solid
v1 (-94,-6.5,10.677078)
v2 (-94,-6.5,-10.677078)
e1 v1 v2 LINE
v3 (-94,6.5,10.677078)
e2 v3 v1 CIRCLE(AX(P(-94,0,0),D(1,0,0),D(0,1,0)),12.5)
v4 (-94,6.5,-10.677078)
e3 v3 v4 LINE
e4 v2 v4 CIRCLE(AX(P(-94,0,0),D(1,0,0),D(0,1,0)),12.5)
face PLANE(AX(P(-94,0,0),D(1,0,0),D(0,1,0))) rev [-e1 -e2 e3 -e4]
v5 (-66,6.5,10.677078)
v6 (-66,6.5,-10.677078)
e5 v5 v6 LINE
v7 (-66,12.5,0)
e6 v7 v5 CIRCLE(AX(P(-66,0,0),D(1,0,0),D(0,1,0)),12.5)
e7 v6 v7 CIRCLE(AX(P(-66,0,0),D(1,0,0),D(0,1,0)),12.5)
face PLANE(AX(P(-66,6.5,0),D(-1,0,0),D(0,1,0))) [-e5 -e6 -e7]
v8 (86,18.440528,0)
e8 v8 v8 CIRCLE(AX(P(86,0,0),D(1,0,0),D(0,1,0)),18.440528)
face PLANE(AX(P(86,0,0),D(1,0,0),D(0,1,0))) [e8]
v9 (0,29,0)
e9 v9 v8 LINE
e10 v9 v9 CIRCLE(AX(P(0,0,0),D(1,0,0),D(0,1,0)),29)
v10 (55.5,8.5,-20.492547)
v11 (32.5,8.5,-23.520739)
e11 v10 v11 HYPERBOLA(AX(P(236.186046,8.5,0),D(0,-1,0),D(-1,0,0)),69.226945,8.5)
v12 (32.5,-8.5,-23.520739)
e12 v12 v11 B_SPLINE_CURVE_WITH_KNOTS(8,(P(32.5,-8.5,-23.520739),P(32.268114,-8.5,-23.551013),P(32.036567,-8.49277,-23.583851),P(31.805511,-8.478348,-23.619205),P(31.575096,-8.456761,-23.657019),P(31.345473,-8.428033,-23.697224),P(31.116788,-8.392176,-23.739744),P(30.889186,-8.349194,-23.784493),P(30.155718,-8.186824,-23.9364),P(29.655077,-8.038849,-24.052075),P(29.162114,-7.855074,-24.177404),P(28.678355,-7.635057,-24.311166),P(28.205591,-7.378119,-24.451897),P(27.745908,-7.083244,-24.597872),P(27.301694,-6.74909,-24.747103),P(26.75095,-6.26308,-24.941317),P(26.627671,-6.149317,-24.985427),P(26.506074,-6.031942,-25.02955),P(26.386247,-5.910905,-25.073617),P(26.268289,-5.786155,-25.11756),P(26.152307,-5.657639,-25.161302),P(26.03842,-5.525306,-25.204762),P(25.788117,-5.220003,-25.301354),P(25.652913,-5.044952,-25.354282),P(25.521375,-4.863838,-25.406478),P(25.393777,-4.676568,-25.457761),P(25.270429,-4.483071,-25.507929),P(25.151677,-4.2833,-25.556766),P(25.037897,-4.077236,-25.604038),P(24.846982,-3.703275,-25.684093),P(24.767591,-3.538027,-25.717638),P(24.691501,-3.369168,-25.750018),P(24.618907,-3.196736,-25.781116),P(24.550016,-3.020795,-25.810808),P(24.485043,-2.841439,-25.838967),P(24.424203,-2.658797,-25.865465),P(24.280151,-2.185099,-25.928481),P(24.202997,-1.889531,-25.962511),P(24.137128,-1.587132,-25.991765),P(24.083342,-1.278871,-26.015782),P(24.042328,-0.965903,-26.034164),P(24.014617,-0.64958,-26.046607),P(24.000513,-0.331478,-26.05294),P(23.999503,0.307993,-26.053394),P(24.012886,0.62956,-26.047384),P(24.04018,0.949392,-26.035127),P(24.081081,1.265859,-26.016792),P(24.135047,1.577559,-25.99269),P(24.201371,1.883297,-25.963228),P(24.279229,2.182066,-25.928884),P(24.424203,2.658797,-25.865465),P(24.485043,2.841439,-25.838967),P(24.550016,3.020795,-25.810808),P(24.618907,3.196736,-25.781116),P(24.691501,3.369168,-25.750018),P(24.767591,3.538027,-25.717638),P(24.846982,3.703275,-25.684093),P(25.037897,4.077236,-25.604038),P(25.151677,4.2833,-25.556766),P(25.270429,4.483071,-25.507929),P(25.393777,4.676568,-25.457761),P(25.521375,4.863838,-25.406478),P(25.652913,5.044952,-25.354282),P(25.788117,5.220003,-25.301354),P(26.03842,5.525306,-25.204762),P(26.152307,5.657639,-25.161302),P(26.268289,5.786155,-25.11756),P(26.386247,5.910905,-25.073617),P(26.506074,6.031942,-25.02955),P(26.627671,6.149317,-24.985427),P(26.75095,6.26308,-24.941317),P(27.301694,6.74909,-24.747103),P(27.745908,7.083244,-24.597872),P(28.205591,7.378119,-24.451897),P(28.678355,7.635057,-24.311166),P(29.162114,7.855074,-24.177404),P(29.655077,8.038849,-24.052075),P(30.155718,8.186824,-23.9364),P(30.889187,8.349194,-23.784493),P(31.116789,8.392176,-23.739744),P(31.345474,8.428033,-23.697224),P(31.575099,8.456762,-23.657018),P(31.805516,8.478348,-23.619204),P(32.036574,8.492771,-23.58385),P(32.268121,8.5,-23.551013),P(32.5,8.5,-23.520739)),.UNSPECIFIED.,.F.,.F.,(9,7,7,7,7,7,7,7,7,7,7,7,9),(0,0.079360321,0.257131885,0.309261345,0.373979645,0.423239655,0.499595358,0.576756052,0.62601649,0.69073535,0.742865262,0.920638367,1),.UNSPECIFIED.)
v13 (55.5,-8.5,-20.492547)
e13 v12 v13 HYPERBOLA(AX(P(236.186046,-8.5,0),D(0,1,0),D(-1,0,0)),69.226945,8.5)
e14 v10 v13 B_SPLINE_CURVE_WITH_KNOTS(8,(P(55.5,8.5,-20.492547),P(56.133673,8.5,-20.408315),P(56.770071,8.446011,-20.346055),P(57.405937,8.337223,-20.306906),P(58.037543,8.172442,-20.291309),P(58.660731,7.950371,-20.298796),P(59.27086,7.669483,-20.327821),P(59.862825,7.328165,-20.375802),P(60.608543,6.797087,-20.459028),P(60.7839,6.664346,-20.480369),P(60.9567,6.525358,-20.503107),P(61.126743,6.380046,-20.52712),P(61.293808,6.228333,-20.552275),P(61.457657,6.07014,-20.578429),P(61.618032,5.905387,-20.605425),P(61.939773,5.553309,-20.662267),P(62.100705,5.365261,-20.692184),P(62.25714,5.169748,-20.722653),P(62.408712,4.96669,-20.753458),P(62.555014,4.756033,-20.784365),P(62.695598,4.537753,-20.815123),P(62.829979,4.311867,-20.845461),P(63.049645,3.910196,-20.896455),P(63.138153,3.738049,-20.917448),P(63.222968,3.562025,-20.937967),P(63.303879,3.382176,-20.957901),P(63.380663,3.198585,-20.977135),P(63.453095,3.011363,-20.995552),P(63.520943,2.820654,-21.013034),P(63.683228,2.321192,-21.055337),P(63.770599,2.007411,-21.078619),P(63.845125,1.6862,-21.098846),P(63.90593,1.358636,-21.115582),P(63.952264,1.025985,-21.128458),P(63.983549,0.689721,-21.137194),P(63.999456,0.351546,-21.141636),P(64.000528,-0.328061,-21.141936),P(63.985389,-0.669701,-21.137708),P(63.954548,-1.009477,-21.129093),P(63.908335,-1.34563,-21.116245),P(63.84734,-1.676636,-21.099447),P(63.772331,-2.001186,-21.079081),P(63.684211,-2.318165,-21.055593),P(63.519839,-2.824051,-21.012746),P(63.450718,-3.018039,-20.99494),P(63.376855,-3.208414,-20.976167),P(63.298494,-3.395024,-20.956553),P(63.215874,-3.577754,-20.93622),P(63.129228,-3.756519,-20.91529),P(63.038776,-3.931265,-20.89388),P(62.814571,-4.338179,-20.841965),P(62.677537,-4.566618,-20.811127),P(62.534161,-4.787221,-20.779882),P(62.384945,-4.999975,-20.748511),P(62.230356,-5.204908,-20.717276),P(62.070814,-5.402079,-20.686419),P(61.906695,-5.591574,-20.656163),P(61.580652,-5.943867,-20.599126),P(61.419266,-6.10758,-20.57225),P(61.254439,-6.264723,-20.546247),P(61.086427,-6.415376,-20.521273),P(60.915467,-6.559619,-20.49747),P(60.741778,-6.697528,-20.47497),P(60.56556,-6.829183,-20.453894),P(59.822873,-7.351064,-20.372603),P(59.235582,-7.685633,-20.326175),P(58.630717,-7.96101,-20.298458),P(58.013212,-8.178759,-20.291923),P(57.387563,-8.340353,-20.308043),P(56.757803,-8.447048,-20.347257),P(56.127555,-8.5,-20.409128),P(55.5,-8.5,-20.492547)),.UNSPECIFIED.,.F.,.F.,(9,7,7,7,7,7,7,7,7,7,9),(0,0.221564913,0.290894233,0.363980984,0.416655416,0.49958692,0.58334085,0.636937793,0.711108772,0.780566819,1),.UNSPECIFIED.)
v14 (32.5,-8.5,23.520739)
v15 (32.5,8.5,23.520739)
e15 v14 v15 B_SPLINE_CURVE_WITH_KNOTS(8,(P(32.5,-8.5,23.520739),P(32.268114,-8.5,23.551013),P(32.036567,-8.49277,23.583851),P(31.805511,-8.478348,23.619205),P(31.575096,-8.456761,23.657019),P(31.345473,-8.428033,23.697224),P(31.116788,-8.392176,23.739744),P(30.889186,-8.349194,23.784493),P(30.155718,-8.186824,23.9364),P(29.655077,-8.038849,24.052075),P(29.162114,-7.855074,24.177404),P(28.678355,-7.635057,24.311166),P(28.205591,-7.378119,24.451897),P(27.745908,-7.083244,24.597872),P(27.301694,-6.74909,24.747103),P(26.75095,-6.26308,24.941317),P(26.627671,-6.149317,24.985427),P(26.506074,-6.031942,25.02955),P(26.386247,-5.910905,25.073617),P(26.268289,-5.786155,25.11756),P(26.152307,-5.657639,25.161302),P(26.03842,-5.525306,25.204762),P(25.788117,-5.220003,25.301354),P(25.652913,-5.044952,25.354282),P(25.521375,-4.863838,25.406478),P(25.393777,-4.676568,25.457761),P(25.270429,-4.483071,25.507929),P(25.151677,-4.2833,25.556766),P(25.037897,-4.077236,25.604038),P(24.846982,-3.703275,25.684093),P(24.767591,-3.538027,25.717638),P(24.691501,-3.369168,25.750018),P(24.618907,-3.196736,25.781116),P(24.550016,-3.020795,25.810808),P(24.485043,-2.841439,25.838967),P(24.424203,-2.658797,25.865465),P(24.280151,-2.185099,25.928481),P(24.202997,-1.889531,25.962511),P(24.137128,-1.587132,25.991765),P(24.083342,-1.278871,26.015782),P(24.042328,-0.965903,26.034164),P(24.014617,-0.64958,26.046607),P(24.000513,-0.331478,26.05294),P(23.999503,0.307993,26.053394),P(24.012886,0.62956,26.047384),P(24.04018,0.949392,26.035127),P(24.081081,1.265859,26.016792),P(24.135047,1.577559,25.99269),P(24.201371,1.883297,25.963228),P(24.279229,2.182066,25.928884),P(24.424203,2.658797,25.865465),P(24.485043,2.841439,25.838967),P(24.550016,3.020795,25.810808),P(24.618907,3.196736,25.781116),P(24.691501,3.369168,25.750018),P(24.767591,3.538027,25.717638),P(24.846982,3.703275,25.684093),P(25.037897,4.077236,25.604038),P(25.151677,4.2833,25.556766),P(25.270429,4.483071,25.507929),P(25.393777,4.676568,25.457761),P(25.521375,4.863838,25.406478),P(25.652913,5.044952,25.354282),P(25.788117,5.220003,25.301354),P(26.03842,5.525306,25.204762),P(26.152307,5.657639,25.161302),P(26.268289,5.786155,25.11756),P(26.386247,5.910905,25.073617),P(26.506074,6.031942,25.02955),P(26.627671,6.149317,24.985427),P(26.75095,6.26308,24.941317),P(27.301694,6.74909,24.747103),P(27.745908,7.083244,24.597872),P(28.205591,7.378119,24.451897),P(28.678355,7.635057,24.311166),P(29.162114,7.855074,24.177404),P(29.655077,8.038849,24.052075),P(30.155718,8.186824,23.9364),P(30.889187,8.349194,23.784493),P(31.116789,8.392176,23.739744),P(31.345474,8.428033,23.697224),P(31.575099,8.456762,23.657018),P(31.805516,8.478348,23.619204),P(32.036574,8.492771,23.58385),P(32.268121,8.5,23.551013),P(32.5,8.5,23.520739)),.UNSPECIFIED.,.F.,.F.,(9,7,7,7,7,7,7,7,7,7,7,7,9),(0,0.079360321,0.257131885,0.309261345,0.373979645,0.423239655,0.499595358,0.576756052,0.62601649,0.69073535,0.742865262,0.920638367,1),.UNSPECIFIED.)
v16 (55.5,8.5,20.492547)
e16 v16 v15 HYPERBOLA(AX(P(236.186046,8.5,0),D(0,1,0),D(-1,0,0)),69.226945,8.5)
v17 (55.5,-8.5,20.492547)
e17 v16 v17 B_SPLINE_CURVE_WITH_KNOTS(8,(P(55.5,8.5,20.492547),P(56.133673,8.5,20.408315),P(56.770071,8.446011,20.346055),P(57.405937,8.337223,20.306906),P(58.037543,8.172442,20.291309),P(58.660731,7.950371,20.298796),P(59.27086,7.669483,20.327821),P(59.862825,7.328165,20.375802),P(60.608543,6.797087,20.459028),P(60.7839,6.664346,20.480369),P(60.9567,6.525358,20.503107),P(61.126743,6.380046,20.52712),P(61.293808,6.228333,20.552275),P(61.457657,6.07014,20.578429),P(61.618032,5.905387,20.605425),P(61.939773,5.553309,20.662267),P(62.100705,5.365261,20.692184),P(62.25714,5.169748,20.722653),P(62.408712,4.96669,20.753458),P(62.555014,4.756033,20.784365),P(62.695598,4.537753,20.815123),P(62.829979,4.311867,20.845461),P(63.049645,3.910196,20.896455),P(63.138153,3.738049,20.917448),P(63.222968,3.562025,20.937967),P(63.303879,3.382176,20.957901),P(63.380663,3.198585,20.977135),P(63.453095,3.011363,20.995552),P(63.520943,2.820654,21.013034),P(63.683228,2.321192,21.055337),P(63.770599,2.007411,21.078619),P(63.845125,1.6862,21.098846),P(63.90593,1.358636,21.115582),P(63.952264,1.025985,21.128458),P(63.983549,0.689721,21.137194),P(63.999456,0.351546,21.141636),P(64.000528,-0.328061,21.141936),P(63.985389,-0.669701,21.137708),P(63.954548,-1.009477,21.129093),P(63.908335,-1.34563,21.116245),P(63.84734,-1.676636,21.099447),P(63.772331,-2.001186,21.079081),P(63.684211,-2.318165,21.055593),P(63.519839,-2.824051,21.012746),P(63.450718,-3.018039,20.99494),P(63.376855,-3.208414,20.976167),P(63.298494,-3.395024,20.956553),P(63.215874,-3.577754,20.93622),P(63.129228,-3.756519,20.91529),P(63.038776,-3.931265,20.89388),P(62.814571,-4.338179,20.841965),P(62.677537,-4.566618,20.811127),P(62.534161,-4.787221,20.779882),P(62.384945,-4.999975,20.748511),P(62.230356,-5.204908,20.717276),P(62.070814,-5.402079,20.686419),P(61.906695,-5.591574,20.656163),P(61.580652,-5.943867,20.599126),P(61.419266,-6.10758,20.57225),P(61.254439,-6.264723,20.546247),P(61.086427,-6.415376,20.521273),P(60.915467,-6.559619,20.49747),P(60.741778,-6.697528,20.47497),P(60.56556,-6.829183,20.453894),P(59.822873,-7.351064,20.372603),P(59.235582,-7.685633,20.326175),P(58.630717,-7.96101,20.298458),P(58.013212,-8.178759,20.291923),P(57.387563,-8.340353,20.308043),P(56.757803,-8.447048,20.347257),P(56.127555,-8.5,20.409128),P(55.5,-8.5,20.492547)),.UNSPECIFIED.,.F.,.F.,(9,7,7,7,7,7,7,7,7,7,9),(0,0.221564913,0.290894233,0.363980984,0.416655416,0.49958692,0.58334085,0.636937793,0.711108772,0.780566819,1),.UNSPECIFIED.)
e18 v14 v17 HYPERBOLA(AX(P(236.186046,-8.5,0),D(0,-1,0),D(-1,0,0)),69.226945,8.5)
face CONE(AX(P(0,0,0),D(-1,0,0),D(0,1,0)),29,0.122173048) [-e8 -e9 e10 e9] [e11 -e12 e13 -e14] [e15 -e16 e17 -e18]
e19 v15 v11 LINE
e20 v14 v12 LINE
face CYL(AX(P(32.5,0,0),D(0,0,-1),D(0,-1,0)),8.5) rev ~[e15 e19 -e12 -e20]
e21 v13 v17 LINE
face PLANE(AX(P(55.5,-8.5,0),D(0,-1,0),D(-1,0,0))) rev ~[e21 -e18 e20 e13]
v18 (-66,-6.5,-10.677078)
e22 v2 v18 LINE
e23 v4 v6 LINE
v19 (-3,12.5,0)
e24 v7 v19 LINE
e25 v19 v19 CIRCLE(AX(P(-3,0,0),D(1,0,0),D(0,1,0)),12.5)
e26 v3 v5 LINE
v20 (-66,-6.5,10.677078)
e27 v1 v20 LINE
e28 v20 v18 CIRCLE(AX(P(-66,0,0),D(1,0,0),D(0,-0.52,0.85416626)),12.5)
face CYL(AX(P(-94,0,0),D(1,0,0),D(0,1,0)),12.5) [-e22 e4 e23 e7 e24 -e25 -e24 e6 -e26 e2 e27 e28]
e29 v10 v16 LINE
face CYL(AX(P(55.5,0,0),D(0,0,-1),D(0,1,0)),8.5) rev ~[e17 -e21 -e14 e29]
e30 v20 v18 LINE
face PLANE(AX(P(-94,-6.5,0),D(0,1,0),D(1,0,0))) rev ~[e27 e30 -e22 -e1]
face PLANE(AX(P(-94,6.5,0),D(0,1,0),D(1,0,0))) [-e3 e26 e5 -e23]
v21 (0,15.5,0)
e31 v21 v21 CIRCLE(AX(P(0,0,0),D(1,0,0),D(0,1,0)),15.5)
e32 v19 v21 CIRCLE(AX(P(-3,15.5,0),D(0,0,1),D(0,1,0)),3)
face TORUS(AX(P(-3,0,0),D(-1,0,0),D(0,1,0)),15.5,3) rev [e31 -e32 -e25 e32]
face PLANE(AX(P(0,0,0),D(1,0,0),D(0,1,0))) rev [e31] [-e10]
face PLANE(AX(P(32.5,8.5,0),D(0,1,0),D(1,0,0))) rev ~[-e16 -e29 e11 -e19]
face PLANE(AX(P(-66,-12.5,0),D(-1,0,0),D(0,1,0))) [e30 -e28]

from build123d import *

# Parameters (mm, degrees)
SKETCH_3_W               = 28
SKETCH_3_H               = 6
CUT_EXTRUDE_1_DEPTH      = 30
CUT_EXTRUDE_1_DEPTH_BACK = 30
FILLET_1_R               = 3


with BuildPart() as part:
    # Эскиз2 → Повернуть1 (revolve)
    with BuildSketch(Plane.XY):
        Polygon((-94, 12.5), (0, 12.5), (0, 29), (86, 18.440527762), (86, 0), (-94, 0), align=None)
    revolve(axis=Axis((0, 0, 0), (1, 0, 0)))

    # Эскиз3 → Вырез-Вытянуть1 (cut, two sides)
    with BuildSketch(Plane.XY) as cut_extrude_1_sk:
        with BuildLine():
            Line((32.5, 8.5), (55.5, 8.5))
            ThreePointArc((55.5, 8.5), (64, 0), (55.5, -8.5))
            Line((55.5, -8.5), (32.5, -8.5))
            ThreePointArc((32.5, -8.5), (24, 0), (32.5, 8.5))
        make_face()
        with Locations((-80, -9.5)):
            Rectangle(SKETCH_3_W, SKETCH_3_H)
        with Locations((-80, 9.5)):
            Rectangle(SKETCH_3_W, SKETCH_3_H)
    extrude(amount=CUT_EXTRUDE_1_DEPTH, mode=Mode.SUBTRACT)
    extrude(cut_extrude_1_sk.sketch, amount=-CUT_EXTRUDE_1_DEPTH_BACK, mode=Mode.SUBTRACT)

    # Скругление1
    fillet_1_edges = [part.edges().sort_by_distance(p)[0] for p in [
        (0, -12.5, 0),
    ]]
    fillet(fillet_1_edges, radius=FILLET_1_R)


solid = part.part
